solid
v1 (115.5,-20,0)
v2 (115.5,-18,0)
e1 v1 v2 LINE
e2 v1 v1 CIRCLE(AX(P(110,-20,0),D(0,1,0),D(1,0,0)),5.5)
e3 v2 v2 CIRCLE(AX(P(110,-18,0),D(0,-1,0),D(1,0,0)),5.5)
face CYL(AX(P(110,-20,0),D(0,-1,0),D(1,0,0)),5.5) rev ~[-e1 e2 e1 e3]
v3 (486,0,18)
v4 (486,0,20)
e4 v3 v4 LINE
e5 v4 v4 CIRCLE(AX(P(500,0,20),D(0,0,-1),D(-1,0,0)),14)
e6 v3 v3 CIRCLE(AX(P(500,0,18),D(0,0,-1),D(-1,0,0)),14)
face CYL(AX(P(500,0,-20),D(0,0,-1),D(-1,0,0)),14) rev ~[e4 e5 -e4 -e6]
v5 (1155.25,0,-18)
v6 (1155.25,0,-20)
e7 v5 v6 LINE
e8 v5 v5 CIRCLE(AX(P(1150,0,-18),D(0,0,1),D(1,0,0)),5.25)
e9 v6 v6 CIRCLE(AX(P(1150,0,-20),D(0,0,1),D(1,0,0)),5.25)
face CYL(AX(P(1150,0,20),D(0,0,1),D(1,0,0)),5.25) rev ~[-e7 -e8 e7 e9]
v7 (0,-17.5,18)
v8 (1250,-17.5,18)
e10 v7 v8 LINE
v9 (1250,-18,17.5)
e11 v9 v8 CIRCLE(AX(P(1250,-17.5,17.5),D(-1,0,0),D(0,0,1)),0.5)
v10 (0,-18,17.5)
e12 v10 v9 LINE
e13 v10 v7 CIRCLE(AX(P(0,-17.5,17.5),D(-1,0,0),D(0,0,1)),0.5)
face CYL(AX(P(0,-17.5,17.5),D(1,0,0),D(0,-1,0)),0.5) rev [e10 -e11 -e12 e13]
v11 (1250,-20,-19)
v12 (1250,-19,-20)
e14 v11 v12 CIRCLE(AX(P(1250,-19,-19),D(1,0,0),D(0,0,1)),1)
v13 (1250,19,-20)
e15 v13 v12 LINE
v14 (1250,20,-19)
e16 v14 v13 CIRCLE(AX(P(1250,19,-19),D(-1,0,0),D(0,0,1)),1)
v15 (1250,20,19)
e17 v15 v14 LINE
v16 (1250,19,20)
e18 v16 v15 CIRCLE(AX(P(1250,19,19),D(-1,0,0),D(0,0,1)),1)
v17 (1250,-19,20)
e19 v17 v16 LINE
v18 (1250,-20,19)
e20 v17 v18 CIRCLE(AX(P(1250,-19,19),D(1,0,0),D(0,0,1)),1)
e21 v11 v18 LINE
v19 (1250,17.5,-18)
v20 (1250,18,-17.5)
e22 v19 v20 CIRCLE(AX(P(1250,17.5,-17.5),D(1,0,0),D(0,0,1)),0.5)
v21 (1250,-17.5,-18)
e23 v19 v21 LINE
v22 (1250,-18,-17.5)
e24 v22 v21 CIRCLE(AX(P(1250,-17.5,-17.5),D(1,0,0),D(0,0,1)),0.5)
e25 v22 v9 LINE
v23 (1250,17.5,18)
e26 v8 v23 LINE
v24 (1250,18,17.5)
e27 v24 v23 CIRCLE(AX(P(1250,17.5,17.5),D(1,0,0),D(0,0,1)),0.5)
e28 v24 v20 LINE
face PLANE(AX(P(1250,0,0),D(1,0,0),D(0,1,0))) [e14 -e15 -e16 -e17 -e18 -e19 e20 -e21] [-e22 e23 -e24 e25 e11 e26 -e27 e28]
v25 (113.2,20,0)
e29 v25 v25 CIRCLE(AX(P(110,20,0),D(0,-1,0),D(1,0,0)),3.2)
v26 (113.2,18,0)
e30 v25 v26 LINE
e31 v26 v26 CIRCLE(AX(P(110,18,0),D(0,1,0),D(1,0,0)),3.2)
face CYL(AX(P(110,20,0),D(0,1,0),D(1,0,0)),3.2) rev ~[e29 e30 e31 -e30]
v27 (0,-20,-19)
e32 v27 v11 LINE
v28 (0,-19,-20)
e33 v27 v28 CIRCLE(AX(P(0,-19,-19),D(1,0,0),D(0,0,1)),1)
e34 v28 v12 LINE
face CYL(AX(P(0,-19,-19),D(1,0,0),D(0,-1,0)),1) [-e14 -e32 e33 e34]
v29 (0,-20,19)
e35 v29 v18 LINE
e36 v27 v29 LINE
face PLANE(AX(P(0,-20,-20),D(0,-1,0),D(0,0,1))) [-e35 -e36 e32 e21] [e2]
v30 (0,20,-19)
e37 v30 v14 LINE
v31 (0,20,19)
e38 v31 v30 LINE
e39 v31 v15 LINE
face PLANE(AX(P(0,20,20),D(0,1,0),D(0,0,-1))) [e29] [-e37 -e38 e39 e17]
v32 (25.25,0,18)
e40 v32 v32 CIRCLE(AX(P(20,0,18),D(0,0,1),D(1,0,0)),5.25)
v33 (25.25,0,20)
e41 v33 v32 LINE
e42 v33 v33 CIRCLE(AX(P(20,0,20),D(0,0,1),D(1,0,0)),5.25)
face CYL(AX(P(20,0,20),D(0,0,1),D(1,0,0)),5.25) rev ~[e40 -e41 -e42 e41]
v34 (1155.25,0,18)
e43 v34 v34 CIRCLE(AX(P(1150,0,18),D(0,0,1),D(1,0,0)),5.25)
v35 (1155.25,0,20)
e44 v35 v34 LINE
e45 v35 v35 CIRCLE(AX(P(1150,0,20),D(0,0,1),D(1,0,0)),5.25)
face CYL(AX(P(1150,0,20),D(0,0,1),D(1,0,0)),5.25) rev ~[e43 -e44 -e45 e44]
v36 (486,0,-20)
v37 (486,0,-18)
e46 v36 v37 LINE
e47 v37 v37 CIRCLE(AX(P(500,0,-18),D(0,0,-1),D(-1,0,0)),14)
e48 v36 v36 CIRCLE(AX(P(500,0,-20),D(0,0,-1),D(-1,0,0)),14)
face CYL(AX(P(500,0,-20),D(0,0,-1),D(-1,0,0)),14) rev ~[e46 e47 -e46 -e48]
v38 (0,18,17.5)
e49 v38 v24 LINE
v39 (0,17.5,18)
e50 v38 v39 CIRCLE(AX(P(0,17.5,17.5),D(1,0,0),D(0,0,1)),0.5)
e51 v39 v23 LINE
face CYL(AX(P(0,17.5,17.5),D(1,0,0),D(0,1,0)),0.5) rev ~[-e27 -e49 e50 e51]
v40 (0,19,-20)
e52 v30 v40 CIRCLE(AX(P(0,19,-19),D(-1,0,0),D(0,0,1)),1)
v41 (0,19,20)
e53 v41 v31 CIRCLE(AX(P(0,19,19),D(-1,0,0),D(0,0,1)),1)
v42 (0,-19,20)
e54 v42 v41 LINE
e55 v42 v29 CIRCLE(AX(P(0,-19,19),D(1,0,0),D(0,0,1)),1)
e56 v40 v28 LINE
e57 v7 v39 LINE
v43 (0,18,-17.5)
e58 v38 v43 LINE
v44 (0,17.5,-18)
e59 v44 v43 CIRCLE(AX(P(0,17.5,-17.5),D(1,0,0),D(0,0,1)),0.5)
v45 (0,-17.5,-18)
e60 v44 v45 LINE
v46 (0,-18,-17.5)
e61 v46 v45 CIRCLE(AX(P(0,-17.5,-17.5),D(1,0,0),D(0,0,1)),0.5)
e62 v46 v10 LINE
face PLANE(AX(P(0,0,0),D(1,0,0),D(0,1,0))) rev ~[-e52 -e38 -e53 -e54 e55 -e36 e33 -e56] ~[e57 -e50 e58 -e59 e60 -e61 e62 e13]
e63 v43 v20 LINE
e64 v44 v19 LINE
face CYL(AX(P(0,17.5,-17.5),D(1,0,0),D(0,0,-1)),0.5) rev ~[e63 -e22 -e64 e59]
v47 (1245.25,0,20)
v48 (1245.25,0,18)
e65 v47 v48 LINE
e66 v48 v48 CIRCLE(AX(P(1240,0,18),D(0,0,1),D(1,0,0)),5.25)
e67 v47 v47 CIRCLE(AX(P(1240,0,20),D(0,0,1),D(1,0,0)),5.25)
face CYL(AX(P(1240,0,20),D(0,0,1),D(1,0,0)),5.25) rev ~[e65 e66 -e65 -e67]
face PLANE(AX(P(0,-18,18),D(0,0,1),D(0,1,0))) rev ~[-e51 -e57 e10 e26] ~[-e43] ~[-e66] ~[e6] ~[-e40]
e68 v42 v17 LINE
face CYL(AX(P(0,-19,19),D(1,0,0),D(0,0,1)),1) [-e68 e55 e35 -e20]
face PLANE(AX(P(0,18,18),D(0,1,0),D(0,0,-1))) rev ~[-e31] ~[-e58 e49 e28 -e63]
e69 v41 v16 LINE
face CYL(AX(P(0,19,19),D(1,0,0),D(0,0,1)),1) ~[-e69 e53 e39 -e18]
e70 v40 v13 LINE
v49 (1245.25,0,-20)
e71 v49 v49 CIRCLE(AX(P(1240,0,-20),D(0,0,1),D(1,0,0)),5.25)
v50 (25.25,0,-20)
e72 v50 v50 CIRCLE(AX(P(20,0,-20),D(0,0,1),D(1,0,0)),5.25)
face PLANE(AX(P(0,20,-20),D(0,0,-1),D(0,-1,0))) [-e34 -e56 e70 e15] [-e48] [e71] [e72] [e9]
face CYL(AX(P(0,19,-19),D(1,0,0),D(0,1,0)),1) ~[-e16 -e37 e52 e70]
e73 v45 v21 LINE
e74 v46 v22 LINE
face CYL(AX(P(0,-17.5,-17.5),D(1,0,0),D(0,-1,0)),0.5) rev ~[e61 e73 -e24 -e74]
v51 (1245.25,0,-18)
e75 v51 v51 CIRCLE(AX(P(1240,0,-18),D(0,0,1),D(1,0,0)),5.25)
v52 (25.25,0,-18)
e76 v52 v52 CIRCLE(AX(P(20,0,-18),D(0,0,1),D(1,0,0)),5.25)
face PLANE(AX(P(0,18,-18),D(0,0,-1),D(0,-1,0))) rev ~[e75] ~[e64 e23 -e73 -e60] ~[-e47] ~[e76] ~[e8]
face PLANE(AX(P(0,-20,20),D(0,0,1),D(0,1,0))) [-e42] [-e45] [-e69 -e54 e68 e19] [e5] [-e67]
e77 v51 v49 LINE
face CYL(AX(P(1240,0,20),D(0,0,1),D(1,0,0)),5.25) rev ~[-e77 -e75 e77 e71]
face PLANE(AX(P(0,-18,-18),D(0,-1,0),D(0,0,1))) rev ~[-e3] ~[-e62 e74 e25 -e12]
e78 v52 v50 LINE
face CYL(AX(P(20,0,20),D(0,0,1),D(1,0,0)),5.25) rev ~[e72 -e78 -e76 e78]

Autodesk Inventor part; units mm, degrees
ref_plane "YZ Plane" through (0, 0, 0) normal (1, 0, 0) x (0, 1, 0)
ref_plane "XZ Plane" through (0, 0, 0) normal (0, 1, 0) x (-1, 0, 0)
ref_plane "XY Plane" through (0, 0, 0) normal (0, 0, 1) x (1, 0, 0)
sketch "Skizze1" plane through (0, 0, 0) normal (1, 0, 0) x (0, 1, 0)
  line L0 (-20, 20) -> (20, 20)
  line L1 (20, 20) -> (20, -20)
  line L2 (20, -20) -> (-20, -20)
  line L3 (-20, -20) -> (-20, 20)
  line L4 (-20, 20) -> (20, -20) construction
  line L5 (20, 20) -> (-20, -20) construction
  line L6 (-18, 18) -> (18, 18)
  line L7 (18, 18) -> (18, -18)
  line L8 (18, -18) -> (-18, -18)
  line L9 (-18, -18) -> (-18, 18)
  line L10 (-18, 18) -> (18, -18) construction
  line L11 (18, 18) -> (-18, -18) construction
  point P0 (0, 0)
  dimension "d0" = 40
  dimension "d1" = 40
  dimension "d2" = 36
  dimension "d3" = 36
extrude "Extrusion1" add sketch "Skizze1" along normal blind 1250
sketch "Skizze2" plane through (0, -20, 20) normal (0, 0, 1) x (1, 0, 0)
  circle A0 centre (20, 20) radius 5.25
  line L0 (1250, 2) -> (1250, 38) projected
  circle A1 centre (1150, 20) radius 5.25
  point P0 (0, 20)
  dimension "d7" = 10.5
  dimension "d11" = 10.5
extrude "Extrusion2" cut sketch "Skizze2" against normal blind 1250
sketch "Skizze3" plane through (0, 20, 20) normal (0, 1, 0) x (1, 0, 0)
  line L0 (0, 20) -> (110, 20)
  circle A0 centre (110, 20) radius 3.2
  dimension "d14" = 110
  dimension "d15" = 6.4
extrude "Extrusion3" cut sketch "Skizze3" against normal blind 5
sketch "Skizze4" plane through (0, -20, -20) normal (0, -1, 0) x (1, 0, 0)
  circle A0 centre (110, 20) radius 3.2 projected
  line L0 (0, 20) -> (110, 20)
  circle A1 centre (110, 20) radius 5.5
  dimension "d18" = 110
  dimension "d19" = 11
extrude "Extrusion4" cut sketch "Skizze4" against normal blind 5 contours A0 | A1
fillet "Rundung1" radius 1 4 edges at (625, 20, -20) (625, -20, -20) (625, -20, 20) (625, 20, 20)
fillet "Rundung2" radius 0.5 4 edges at (625, -18, 18) (625, -18, -18) (625, 18, -18) (625, 18, 18)
sketch "Skizze6" plane through (0, -19, -20) normal (0, 0, -1) x (-1, 0, 0)
  line L0 (0, 19) -> (-500, 19)
  circle A0 centre (-500, 19) radius 14
  dimension "d28" = 500
  dimension "d29" = 28
extrude "Extrusion6" cut sketch "Skizze6" against normal blind 40
sketch "Skizze7" plane through (0, -19, 20) normal (0, 0, 1) x (1, 0, 0)
  line L0 (1250, 0) -> (1250, 38) projected
  line L1 (1250, 19) -> (1240, 19)
  circle A0 centre (1240, 19) radius 5.25
  point P0 (0, 19)
  dimension "d32" = 10
  dimension "d33" = 10.5
extrude "Extrusion7" cut sketch "Skizze7" against normal through all
properties part number "Längs_Traverse_hinten" material "Aluminium 6061"
